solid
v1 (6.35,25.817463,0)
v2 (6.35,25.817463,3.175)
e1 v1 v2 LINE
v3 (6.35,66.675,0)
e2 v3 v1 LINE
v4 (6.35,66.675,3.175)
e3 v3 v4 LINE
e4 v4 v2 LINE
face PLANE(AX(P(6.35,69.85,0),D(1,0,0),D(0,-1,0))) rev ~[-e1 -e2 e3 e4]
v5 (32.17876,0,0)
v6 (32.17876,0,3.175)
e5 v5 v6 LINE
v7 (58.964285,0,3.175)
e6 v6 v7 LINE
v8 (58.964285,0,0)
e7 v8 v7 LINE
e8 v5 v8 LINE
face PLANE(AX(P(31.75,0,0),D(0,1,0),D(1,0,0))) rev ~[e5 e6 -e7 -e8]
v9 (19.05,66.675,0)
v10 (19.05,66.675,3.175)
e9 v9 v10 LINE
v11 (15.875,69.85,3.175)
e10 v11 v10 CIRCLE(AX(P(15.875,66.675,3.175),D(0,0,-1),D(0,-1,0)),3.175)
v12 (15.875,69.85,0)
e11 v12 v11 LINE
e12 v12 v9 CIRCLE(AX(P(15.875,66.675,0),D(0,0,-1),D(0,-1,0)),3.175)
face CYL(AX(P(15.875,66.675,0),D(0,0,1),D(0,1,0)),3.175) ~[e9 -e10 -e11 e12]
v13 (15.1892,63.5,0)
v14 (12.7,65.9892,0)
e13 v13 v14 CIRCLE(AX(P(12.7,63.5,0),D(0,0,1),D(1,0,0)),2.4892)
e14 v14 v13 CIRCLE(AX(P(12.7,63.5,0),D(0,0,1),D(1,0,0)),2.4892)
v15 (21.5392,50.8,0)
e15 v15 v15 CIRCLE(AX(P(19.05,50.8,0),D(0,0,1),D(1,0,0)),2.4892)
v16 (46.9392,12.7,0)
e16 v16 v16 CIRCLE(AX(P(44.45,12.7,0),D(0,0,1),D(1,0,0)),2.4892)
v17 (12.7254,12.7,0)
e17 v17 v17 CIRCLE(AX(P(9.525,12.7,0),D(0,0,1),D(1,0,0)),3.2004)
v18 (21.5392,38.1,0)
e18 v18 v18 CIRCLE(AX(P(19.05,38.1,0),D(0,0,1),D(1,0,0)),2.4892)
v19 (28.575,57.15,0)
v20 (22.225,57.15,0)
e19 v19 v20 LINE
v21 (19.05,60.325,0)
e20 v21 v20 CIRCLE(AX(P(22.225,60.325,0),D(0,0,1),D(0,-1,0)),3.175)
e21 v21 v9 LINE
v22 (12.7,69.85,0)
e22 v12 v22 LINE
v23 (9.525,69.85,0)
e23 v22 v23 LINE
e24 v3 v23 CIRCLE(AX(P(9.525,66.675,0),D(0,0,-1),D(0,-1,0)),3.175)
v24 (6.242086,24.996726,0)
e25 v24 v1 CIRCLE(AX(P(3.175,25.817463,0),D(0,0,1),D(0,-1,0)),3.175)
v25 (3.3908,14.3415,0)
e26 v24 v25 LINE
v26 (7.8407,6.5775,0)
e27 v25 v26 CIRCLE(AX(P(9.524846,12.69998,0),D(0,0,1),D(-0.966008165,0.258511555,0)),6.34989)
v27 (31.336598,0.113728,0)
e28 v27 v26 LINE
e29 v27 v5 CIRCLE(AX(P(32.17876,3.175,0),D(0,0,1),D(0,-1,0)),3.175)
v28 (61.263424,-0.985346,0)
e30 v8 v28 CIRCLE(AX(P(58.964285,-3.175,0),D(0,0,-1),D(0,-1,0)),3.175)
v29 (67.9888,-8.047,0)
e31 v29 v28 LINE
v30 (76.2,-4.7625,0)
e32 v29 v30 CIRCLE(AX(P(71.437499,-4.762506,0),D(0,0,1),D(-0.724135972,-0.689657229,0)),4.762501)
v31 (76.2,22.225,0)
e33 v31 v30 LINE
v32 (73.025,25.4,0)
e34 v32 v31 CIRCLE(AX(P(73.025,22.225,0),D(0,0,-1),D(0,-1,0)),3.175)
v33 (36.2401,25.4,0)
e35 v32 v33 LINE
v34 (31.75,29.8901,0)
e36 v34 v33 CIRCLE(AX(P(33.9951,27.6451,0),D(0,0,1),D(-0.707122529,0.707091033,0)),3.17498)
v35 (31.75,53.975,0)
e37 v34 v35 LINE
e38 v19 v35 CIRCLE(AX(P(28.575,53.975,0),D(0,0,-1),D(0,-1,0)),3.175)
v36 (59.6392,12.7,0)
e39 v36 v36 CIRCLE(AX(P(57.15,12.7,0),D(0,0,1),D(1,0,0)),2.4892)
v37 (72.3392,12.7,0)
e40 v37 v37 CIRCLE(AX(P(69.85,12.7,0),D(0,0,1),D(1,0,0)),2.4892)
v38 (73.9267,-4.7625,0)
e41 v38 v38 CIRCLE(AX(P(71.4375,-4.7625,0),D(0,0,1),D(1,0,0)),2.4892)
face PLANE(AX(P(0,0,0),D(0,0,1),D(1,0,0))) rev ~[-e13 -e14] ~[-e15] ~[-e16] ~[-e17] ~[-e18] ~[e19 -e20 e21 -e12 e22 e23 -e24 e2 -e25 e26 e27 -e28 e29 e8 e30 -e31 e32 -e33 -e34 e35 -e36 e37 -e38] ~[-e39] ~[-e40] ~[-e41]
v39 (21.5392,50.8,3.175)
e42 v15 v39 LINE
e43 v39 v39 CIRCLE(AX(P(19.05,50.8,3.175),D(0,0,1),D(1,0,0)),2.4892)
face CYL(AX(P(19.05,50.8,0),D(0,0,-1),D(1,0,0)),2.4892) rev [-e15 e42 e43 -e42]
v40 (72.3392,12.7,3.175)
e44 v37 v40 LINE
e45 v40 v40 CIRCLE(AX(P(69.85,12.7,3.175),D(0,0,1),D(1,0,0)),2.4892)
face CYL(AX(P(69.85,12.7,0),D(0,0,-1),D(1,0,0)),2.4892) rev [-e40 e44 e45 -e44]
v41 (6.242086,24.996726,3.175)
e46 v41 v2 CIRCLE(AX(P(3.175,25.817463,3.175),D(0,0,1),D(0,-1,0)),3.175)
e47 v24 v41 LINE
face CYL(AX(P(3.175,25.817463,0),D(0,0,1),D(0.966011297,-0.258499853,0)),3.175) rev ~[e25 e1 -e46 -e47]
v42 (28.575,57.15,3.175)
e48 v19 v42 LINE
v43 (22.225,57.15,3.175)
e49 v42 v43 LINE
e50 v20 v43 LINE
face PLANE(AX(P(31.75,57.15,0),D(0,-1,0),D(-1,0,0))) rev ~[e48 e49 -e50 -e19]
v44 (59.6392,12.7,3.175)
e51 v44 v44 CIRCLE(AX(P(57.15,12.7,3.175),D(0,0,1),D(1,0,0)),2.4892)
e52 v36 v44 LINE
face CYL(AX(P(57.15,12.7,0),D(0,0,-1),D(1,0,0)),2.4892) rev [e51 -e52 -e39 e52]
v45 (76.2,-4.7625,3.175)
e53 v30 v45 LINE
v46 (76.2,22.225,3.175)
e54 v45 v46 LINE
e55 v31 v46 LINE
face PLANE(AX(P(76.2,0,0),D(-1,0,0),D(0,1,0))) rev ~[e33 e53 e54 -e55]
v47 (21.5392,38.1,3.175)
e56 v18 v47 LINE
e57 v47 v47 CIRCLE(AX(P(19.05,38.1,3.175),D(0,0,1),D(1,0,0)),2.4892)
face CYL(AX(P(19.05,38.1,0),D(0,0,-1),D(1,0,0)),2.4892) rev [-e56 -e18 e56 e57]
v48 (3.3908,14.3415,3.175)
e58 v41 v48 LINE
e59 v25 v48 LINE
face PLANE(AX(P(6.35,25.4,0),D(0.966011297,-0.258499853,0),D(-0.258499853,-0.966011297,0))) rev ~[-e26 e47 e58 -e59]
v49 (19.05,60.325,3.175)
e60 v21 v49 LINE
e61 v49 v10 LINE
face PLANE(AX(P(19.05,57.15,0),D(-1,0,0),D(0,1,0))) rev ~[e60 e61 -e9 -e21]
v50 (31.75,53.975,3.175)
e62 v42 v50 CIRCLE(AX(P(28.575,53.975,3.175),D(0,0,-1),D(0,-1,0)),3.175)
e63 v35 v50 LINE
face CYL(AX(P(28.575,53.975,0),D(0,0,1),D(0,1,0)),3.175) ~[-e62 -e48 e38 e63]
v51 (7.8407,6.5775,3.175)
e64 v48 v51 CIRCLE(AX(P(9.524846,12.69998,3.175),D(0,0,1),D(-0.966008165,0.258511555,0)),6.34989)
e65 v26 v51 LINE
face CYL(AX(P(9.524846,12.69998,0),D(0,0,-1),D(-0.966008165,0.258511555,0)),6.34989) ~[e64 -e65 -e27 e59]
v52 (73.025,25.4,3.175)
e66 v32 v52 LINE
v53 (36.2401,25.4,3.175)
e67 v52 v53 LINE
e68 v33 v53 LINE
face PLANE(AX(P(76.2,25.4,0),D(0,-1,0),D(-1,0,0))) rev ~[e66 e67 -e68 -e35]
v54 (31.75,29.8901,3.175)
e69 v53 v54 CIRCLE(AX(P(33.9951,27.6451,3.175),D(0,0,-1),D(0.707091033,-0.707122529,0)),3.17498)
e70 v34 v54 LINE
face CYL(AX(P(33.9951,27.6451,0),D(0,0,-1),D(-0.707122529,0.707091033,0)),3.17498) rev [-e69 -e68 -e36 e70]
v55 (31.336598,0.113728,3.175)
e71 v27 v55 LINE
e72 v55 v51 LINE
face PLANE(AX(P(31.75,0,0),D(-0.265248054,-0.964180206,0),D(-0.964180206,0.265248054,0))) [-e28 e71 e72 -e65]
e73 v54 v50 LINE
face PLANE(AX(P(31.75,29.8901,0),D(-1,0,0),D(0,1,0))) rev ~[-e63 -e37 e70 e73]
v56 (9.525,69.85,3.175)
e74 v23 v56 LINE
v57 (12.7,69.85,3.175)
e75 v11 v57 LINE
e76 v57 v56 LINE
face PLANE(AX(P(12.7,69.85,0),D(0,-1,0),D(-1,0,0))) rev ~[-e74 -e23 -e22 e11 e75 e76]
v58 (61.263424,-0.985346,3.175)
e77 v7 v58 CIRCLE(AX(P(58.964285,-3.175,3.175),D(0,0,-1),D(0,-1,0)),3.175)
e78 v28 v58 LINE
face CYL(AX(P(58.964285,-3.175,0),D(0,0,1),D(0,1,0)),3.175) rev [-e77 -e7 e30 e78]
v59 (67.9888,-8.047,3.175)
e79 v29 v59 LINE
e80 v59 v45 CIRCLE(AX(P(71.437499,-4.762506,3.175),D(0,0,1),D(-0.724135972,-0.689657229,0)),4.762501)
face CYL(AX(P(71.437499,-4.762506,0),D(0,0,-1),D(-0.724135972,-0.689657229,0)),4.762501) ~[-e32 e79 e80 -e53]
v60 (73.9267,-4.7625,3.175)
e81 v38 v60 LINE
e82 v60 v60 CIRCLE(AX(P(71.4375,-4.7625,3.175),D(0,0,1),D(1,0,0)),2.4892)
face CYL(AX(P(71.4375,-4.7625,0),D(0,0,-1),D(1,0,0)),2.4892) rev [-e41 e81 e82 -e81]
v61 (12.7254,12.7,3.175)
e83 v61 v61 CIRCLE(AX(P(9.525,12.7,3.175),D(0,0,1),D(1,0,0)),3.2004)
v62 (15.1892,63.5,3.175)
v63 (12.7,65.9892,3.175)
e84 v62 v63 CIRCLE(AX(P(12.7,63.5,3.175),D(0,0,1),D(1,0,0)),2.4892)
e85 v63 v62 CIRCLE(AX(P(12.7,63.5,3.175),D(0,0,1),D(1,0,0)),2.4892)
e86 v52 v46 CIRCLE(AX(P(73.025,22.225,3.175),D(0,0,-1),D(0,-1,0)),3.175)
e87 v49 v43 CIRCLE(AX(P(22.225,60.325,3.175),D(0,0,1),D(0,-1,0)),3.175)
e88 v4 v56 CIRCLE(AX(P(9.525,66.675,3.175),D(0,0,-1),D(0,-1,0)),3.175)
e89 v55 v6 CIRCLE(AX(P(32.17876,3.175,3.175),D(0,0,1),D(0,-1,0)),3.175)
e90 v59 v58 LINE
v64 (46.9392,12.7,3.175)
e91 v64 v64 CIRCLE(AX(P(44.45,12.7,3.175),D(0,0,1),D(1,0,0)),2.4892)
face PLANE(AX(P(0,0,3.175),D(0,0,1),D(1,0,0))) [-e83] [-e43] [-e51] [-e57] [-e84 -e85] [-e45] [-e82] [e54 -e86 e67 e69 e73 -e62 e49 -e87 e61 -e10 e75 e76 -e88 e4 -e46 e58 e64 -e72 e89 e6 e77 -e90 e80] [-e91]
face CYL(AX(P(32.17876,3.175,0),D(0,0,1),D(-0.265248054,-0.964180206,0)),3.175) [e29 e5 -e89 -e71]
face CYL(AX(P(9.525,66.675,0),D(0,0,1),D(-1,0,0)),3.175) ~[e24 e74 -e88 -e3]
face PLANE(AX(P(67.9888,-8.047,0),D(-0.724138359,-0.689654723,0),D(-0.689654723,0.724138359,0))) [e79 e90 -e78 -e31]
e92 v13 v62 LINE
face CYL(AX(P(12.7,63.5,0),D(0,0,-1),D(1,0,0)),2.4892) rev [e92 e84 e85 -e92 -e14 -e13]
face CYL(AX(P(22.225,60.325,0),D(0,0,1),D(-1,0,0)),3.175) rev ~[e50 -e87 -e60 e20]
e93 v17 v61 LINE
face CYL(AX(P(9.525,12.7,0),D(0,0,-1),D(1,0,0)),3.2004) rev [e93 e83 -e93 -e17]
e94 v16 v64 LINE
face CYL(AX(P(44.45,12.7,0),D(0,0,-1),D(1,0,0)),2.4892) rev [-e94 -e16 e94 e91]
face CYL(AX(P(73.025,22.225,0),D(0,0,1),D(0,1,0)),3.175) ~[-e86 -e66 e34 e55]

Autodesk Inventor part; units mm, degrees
ref_plane "YZ Plane" through (0, 0, 0) normal (1, 0, 0) x (0, 1, 0)
ref_plane "XZ Plane" through (0, 0, 0) normal (0, 1, 0) x (-1, 0, 0)
ref_plane "XY Plane" through (0, 0, 0) normal (0, 0, 1) x (1, 0, 0)
sketch "Sketch1" plane through (0, 0, 0) normal (0, 0, 1) x (1, 0, 0)
  line L0 (0, 0) -> (0, 13.4062)
  line L1 (0, 0) -> (20.3742, 0)
  circle A0 centre (9.525, 12.7) radius 9.525 construction
  circle A1 centre (9.525, 12.7) radius 3.2004
  line L2 (31.75, 0) -> (7.8407, 6.5775)
  arc A2 (3.3908, 14.3415) -> (7.8407, 6.5775) centre (9.525, 12.7) ccw
  line L3 (31.75, 0) -> (76.2, 0)
  line L4 (76.2, 0) -> (76.2, 25.4)
  line L5 (76.2, 25.4) -> (31.75, 25.4)
  line L6 (31.75, 25.4) -> (31.75, 57.15)
  line L7 (31.75, 57.15) -> (19.05, 57.15)
  line L8 (19.05, 57.15) -> (19.05, 69.85)
  line L9 (19.05, 69.85) -> (6.35, 69.85)
  line L10 (6.35, 69.85) -> (6.35, 25.4)
  line L11 (6.35, 25.4) -> (3.3908, 14.3415)
  circle A3 centre (12.7, 63.5) radius 2.4892
  line L12 (12.7, 69.85) -> (12.7, 63.5)
  circle A4 centre (44.45, 12.7) radius 2.4892
  circle A5 centre (57.15, 12.7) radius 2.4892
  circle A6 centre (69.85, 12.7) radius 2.4892
  circle A7 centre (19.05, 38.1) radius 2.4892
  circle A8 centre (19.05, 50.8) radius 2.4892
  line L13 (19.05, 50.8) -> (19.05, 38.1) construction
  arc A9 (31.75, 29.8901) -> (36.2401, 25.4) centre (33.9951, 27.6451) ccw
  circle A10 centre (31.2867, 27.5124) radius 0.4633 construction
  circle A11 centre (33.8624, 24.9367) radius 0.4633 construction
  line L14 (31.75, 25.4) -> (31.2867, 27.5124) construction
  line L15 (31.75, 25.4) -> (33.8624, 24.9367) construction
  line L16 (76.2, 0) -> (76.2, -4.7625)
  line L17 (67.9888, -8.047) -> (60.325, 0)
  arc A12 (67.9888, -8.047) -> (76.2, -4.7625) centre (71.4375, -4.7625) ccw
  circle A13 centre (71.4375, -4.7625) radius 2.4892
  point P0 (76.2, 12.7)
  dimension "d0" = 19.05
  dimension "d1" = 3.175
  dimension "d2" = 6.4008
  dimension "d6" = 12.7
  dimension "d7" = 25.4
  dimension "d8" = 4.9784
  dimension "d16" = 6.35
  dimension "d17" = 25.4
  dimension "d19" = 6.35
  dimension "d24" = 12.7
  dimension "d29" = 6.35
  dimension "d30" = 12.7
  dimension "d35" = 12.7
  dimension "d36" = 12.7
  dimension "d37" = 12.7
  dimension "d38" = 6.35
  dimension "d39" = 12.7
  dimension "d40" = 6.35
  dimension "d42" = 9.525
  dimension "d43" = 15.875
  dimension "d44" = 4.9784
extrude "Extrusion1" add sketch "Sketch1" along normal blind 3.175 contours L2 A2 L11 L10 L9 L8 L7 L6 A9 L5 L4 L3 | L3 L16 A12 L17
fillet "Fillet1" radius 3.175 8 edges at (6.35, 69.85, 1.5875) (19.05, 69.85, 1.5875) (76.2, 25.4, 1.5875) (6.35, 25.4, 1.5875) (31.75, 0, 1.5875) (31.75, 57.15, 1.5875) (19.05, 57.15, 1.5875) (60.325, 0, 1.5875)
equation "\"d24\" = d11"
equation "\"d11\" = 12.7"
properties part number "Bottom Bearing Plate Stage 3+ (R4A - 0.25in Between Stages)" material "Aluminum 6061"
